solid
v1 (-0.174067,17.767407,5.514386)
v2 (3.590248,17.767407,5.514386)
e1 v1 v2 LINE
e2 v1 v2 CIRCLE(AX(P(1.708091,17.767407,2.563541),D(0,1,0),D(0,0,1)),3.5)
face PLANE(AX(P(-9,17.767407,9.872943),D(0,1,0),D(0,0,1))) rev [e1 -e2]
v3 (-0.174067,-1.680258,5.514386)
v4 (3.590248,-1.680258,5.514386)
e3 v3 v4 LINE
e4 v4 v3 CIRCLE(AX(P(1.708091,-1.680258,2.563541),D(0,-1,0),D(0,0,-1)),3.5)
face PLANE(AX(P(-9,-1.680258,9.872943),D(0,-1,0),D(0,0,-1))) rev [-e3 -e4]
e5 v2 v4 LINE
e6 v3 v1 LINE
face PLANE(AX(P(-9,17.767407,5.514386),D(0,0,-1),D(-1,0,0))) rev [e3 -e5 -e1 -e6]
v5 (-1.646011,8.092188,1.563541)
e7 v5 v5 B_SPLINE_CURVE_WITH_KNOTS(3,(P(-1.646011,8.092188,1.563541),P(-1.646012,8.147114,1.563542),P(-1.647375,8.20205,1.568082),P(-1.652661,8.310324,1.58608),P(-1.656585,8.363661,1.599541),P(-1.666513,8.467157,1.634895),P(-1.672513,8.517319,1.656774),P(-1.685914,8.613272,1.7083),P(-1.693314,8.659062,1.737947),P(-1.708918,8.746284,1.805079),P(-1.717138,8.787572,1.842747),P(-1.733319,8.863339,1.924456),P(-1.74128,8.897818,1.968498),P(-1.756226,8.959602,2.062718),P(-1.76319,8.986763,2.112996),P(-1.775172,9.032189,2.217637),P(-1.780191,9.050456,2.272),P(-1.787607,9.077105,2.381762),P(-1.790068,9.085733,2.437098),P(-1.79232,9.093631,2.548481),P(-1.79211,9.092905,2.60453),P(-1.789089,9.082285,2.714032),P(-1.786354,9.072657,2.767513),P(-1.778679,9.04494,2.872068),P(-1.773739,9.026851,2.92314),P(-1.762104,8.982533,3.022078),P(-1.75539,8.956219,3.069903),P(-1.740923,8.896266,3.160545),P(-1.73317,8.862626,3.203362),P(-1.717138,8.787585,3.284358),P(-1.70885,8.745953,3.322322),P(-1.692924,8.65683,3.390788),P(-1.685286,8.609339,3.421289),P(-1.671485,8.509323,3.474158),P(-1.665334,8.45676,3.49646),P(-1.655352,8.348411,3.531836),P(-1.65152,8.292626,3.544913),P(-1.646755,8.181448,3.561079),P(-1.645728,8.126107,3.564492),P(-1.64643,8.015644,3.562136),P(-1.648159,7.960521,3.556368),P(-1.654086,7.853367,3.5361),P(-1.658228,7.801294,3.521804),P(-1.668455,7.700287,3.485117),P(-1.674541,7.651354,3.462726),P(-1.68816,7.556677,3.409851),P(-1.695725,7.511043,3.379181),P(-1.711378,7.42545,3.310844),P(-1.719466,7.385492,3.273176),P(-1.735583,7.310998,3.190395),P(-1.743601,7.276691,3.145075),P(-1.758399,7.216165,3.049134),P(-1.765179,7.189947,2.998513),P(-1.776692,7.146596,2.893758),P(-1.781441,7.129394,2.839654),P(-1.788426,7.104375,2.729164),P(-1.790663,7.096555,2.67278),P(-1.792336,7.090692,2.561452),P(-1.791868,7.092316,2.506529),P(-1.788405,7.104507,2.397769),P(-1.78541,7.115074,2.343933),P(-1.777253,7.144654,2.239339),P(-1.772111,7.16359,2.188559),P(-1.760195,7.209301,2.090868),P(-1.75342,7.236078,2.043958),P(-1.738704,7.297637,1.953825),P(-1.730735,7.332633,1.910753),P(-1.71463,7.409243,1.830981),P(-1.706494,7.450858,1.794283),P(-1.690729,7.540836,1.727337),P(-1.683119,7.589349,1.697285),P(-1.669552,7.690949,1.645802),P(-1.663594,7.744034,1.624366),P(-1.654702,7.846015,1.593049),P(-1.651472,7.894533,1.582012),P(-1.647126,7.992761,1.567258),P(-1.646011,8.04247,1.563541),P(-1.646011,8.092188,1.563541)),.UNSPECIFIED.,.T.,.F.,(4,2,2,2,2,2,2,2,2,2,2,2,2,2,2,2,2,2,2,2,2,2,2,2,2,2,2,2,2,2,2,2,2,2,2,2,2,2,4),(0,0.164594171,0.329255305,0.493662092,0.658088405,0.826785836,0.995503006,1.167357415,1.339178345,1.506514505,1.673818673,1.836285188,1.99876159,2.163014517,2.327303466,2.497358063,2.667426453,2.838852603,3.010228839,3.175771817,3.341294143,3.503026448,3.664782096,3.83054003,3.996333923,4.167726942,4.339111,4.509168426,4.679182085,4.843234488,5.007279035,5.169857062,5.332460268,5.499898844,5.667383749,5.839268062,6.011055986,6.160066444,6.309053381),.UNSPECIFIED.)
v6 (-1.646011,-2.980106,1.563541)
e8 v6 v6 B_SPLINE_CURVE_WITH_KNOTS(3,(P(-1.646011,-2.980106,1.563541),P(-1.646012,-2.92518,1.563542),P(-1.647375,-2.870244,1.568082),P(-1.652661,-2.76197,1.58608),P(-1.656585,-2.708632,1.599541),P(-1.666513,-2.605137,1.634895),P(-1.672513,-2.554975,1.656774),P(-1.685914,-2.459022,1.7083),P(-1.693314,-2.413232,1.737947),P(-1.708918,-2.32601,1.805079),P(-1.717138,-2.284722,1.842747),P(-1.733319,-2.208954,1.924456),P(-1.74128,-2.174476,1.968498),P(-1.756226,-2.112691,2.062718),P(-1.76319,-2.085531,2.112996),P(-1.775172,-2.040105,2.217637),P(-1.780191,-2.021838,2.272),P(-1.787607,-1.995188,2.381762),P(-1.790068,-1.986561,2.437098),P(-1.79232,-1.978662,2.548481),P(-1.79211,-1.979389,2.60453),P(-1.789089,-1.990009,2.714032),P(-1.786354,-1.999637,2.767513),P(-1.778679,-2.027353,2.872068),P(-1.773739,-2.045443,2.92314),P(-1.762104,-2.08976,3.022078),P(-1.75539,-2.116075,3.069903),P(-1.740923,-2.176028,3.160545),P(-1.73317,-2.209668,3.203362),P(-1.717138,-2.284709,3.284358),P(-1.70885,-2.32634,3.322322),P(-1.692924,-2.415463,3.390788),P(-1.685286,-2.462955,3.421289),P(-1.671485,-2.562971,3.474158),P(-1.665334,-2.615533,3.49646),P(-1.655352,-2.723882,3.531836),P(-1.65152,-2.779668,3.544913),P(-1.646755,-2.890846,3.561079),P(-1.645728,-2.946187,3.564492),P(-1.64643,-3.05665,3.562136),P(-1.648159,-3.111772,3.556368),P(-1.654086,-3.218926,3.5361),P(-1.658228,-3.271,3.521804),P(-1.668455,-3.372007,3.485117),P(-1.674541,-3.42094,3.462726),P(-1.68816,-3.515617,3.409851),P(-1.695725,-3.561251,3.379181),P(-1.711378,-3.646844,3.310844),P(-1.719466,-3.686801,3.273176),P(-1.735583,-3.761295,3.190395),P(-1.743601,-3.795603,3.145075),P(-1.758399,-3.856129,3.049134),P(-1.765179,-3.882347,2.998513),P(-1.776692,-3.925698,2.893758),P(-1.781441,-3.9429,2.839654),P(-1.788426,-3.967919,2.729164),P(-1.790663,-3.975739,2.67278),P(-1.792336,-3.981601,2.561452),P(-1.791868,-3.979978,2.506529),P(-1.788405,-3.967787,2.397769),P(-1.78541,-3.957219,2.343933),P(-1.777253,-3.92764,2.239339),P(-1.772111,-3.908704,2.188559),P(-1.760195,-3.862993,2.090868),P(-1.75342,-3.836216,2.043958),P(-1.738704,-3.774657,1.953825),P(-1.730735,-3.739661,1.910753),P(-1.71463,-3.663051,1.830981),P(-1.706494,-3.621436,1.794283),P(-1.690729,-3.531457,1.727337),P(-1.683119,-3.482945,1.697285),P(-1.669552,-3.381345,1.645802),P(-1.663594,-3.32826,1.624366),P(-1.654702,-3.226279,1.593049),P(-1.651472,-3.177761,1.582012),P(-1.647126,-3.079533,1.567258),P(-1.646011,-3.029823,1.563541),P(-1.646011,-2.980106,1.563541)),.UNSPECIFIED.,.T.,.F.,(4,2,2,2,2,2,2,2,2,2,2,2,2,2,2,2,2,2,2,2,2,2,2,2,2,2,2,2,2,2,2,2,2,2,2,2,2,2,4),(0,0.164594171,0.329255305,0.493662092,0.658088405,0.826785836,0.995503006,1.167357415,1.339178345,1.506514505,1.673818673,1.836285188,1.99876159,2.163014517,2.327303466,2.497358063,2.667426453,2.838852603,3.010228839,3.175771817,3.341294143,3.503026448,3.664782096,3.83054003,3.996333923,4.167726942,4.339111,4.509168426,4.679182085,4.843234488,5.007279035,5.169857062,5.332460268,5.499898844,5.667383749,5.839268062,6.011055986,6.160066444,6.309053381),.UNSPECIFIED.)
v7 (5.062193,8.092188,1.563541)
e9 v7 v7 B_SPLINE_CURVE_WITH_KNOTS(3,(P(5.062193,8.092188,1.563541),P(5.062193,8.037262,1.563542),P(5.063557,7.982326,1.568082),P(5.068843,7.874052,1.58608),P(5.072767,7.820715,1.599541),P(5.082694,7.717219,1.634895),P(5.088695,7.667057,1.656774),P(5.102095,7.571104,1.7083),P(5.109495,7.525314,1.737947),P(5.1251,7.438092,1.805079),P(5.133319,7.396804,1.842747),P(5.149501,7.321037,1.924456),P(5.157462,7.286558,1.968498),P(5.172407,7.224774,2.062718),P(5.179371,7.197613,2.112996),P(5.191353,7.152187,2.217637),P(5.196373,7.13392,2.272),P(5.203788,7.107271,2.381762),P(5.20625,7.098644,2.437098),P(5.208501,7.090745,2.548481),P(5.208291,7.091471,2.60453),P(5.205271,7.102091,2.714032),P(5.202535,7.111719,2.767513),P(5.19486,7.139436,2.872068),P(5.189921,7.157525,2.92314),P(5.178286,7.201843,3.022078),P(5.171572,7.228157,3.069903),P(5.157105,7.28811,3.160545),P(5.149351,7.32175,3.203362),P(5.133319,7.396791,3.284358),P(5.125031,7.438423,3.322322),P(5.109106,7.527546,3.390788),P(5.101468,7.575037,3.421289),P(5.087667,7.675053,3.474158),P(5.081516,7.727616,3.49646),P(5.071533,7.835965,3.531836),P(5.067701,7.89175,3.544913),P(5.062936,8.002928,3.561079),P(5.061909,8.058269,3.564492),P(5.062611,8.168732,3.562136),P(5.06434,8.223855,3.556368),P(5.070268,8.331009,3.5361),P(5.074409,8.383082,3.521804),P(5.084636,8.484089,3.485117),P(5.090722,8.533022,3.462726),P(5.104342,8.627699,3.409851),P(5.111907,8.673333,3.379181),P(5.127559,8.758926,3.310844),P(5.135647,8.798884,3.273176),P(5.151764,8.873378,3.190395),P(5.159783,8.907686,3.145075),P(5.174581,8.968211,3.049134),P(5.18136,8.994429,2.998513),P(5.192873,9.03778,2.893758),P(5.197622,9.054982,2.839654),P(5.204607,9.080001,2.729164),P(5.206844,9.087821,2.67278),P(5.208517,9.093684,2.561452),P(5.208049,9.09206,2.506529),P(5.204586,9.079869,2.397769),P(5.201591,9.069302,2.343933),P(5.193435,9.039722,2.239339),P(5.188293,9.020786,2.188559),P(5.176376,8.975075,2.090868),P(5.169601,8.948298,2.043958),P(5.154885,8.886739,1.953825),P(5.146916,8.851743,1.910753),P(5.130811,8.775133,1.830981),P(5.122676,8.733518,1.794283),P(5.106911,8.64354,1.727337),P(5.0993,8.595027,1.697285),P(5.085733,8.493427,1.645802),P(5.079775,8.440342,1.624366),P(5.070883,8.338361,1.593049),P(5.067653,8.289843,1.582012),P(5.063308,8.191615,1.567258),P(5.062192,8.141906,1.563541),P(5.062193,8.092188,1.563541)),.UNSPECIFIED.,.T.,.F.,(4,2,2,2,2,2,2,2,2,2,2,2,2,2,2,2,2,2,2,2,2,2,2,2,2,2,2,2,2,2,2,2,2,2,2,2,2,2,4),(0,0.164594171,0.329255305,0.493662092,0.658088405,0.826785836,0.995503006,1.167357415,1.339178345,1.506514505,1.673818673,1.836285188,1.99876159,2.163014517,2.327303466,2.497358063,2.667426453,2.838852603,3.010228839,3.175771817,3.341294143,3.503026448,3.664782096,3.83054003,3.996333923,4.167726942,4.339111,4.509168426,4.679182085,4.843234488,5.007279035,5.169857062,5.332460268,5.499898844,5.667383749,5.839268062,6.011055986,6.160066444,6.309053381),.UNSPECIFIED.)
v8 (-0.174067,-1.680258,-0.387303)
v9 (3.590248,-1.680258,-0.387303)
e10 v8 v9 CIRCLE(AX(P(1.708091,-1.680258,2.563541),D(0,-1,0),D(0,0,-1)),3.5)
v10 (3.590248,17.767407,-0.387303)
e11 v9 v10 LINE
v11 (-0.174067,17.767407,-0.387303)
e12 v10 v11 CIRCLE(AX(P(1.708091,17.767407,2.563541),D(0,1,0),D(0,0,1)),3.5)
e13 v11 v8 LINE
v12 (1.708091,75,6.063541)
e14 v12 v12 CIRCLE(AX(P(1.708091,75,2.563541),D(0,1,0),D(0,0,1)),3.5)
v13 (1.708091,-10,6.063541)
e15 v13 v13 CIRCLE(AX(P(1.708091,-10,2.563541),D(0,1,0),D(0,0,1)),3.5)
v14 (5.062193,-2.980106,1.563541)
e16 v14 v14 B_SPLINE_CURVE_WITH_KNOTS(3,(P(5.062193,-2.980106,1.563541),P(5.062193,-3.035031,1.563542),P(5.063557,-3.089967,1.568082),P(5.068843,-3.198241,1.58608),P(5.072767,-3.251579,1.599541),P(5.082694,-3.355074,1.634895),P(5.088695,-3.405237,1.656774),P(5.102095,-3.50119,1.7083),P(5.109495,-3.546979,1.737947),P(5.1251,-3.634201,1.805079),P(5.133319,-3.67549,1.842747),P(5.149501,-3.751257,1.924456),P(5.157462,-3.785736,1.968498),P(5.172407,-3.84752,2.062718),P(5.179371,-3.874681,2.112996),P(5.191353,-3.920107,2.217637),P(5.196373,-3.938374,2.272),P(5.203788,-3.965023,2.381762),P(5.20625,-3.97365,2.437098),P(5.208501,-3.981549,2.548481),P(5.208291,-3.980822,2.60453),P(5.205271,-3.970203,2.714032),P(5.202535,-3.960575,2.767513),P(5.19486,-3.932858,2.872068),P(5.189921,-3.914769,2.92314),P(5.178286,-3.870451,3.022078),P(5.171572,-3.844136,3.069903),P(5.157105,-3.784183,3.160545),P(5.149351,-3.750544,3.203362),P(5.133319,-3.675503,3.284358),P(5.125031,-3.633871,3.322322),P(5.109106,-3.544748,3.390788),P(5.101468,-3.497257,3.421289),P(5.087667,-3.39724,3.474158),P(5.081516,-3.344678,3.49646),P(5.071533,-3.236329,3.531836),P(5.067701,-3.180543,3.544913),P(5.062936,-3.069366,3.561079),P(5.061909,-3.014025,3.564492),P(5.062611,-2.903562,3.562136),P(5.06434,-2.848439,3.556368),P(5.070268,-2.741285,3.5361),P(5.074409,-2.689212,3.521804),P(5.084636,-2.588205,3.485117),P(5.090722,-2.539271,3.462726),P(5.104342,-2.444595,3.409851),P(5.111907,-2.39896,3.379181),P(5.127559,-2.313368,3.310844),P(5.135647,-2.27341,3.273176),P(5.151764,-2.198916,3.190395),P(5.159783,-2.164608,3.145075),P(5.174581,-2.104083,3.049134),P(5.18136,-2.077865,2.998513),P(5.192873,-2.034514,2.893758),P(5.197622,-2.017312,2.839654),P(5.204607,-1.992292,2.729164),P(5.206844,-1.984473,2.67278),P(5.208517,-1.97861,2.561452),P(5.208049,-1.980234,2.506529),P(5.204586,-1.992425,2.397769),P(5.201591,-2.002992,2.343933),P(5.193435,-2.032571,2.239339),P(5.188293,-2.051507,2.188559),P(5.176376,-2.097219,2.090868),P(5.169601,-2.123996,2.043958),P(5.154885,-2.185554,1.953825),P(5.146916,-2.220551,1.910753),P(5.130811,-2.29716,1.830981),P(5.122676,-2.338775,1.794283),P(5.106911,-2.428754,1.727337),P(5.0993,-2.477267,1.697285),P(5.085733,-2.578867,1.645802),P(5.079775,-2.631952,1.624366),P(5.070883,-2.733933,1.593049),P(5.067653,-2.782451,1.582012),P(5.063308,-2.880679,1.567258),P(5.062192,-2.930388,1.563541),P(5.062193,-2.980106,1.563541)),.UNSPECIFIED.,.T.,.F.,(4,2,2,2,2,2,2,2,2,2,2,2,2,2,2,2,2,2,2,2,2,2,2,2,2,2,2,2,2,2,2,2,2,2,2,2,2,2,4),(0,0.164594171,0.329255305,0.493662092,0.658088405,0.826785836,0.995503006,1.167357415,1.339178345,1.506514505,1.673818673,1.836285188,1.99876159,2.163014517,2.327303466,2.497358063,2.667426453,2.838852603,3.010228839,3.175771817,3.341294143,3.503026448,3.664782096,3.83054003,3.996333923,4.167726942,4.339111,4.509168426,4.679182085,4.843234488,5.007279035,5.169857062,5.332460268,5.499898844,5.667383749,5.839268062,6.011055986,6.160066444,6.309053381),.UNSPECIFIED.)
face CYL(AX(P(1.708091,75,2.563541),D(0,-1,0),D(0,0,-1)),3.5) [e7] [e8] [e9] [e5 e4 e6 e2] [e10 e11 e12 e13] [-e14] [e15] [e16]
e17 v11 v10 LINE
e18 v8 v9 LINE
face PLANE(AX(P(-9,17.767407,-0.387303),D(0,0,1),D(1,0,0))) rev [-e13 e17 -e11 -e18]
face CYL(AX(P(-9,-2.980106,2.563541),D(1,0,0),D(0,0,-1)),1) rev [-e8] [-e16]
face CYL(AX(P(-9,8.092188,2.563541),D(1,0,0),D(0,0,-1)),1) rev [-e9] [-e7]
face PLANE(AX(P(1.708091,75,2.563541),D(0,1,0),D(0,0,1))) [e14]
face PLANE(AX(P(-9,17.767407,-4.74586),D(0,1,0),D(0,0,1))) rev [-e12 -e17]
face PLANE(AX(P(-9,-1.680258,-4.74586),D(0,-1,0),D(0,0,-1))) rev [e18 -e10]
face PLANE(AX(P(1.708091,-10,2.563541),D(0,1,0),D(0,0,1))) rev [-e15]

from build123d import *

# Parameters (mm, degrees)
EXTRUDE_START       = -10
SKETCH_1_R          = 3.5
EXTRUDE_1_DEPTH     = 85
SKETCH_2_W          = 4.358557255
SKETCH_2_H          = 19.447665258
SKETCH_2_W_2        = 4.358557256
CUT_EXTRUDE_2_DEPTH = 9
SKETCH_3_R          = 1
CUT_EXTRUDE_3_DEPTH = 9


with BuildPart() as part:
    # Эскиз1 → Вытянуть1 (new body)
    with BuildSketch(Plane(origin=(0, 0, 0), x_dir=(1, 0, 0), z_dir=(0, 1, 0)).offset(EXTRUDE_START)):
        with Locations(Location((1.708090692, -2.563541488, 0), (0, 0, 270))):
            Circle(SKETCH_1_R)
    extrude(amount=EXTRUDE_1_DEPTH)

    # Эскиз2 → Вытянуть2 (cut, symmetric)
    with BuildSketch(Plane(origin=(0, 0, 0), x_dir=(0, 0, -1), z_dir=(1, 0, 0))):
        with Locations((-7.693664616, 8.043574294)):
            Rectangle(SKETCH_2_W, SKETCH_2_H)
        with Locations((2.56658164, 8.043574294)):
            Rectangle(SKETCH_2_W_2, SKETCH_2_H)
    extrude(amount=CUT_EXTRUDE_2_DEPTH, both=True, mode=Mode.SUBTRACT)

    # Эскиз3 → Вытянуть3 (cut, symmetric)
    with BuildSketch(Plane(origin=(0, 0, 0), x_dir=(0, 0, -1), z_dir=(1, 0, 0))):
        with Locations((-2.563541488, -2.980105713)):
            Circle(SKETCH_3_R)
        with Locations((-2.563541488, 8.092188022)):
            Circle(SKETCH_3_R)
    extrude(amount=CUT_EXTRUDE_3_DEPTH, both=True, mode=Mode.SUBTRACT)


solid = part.part
